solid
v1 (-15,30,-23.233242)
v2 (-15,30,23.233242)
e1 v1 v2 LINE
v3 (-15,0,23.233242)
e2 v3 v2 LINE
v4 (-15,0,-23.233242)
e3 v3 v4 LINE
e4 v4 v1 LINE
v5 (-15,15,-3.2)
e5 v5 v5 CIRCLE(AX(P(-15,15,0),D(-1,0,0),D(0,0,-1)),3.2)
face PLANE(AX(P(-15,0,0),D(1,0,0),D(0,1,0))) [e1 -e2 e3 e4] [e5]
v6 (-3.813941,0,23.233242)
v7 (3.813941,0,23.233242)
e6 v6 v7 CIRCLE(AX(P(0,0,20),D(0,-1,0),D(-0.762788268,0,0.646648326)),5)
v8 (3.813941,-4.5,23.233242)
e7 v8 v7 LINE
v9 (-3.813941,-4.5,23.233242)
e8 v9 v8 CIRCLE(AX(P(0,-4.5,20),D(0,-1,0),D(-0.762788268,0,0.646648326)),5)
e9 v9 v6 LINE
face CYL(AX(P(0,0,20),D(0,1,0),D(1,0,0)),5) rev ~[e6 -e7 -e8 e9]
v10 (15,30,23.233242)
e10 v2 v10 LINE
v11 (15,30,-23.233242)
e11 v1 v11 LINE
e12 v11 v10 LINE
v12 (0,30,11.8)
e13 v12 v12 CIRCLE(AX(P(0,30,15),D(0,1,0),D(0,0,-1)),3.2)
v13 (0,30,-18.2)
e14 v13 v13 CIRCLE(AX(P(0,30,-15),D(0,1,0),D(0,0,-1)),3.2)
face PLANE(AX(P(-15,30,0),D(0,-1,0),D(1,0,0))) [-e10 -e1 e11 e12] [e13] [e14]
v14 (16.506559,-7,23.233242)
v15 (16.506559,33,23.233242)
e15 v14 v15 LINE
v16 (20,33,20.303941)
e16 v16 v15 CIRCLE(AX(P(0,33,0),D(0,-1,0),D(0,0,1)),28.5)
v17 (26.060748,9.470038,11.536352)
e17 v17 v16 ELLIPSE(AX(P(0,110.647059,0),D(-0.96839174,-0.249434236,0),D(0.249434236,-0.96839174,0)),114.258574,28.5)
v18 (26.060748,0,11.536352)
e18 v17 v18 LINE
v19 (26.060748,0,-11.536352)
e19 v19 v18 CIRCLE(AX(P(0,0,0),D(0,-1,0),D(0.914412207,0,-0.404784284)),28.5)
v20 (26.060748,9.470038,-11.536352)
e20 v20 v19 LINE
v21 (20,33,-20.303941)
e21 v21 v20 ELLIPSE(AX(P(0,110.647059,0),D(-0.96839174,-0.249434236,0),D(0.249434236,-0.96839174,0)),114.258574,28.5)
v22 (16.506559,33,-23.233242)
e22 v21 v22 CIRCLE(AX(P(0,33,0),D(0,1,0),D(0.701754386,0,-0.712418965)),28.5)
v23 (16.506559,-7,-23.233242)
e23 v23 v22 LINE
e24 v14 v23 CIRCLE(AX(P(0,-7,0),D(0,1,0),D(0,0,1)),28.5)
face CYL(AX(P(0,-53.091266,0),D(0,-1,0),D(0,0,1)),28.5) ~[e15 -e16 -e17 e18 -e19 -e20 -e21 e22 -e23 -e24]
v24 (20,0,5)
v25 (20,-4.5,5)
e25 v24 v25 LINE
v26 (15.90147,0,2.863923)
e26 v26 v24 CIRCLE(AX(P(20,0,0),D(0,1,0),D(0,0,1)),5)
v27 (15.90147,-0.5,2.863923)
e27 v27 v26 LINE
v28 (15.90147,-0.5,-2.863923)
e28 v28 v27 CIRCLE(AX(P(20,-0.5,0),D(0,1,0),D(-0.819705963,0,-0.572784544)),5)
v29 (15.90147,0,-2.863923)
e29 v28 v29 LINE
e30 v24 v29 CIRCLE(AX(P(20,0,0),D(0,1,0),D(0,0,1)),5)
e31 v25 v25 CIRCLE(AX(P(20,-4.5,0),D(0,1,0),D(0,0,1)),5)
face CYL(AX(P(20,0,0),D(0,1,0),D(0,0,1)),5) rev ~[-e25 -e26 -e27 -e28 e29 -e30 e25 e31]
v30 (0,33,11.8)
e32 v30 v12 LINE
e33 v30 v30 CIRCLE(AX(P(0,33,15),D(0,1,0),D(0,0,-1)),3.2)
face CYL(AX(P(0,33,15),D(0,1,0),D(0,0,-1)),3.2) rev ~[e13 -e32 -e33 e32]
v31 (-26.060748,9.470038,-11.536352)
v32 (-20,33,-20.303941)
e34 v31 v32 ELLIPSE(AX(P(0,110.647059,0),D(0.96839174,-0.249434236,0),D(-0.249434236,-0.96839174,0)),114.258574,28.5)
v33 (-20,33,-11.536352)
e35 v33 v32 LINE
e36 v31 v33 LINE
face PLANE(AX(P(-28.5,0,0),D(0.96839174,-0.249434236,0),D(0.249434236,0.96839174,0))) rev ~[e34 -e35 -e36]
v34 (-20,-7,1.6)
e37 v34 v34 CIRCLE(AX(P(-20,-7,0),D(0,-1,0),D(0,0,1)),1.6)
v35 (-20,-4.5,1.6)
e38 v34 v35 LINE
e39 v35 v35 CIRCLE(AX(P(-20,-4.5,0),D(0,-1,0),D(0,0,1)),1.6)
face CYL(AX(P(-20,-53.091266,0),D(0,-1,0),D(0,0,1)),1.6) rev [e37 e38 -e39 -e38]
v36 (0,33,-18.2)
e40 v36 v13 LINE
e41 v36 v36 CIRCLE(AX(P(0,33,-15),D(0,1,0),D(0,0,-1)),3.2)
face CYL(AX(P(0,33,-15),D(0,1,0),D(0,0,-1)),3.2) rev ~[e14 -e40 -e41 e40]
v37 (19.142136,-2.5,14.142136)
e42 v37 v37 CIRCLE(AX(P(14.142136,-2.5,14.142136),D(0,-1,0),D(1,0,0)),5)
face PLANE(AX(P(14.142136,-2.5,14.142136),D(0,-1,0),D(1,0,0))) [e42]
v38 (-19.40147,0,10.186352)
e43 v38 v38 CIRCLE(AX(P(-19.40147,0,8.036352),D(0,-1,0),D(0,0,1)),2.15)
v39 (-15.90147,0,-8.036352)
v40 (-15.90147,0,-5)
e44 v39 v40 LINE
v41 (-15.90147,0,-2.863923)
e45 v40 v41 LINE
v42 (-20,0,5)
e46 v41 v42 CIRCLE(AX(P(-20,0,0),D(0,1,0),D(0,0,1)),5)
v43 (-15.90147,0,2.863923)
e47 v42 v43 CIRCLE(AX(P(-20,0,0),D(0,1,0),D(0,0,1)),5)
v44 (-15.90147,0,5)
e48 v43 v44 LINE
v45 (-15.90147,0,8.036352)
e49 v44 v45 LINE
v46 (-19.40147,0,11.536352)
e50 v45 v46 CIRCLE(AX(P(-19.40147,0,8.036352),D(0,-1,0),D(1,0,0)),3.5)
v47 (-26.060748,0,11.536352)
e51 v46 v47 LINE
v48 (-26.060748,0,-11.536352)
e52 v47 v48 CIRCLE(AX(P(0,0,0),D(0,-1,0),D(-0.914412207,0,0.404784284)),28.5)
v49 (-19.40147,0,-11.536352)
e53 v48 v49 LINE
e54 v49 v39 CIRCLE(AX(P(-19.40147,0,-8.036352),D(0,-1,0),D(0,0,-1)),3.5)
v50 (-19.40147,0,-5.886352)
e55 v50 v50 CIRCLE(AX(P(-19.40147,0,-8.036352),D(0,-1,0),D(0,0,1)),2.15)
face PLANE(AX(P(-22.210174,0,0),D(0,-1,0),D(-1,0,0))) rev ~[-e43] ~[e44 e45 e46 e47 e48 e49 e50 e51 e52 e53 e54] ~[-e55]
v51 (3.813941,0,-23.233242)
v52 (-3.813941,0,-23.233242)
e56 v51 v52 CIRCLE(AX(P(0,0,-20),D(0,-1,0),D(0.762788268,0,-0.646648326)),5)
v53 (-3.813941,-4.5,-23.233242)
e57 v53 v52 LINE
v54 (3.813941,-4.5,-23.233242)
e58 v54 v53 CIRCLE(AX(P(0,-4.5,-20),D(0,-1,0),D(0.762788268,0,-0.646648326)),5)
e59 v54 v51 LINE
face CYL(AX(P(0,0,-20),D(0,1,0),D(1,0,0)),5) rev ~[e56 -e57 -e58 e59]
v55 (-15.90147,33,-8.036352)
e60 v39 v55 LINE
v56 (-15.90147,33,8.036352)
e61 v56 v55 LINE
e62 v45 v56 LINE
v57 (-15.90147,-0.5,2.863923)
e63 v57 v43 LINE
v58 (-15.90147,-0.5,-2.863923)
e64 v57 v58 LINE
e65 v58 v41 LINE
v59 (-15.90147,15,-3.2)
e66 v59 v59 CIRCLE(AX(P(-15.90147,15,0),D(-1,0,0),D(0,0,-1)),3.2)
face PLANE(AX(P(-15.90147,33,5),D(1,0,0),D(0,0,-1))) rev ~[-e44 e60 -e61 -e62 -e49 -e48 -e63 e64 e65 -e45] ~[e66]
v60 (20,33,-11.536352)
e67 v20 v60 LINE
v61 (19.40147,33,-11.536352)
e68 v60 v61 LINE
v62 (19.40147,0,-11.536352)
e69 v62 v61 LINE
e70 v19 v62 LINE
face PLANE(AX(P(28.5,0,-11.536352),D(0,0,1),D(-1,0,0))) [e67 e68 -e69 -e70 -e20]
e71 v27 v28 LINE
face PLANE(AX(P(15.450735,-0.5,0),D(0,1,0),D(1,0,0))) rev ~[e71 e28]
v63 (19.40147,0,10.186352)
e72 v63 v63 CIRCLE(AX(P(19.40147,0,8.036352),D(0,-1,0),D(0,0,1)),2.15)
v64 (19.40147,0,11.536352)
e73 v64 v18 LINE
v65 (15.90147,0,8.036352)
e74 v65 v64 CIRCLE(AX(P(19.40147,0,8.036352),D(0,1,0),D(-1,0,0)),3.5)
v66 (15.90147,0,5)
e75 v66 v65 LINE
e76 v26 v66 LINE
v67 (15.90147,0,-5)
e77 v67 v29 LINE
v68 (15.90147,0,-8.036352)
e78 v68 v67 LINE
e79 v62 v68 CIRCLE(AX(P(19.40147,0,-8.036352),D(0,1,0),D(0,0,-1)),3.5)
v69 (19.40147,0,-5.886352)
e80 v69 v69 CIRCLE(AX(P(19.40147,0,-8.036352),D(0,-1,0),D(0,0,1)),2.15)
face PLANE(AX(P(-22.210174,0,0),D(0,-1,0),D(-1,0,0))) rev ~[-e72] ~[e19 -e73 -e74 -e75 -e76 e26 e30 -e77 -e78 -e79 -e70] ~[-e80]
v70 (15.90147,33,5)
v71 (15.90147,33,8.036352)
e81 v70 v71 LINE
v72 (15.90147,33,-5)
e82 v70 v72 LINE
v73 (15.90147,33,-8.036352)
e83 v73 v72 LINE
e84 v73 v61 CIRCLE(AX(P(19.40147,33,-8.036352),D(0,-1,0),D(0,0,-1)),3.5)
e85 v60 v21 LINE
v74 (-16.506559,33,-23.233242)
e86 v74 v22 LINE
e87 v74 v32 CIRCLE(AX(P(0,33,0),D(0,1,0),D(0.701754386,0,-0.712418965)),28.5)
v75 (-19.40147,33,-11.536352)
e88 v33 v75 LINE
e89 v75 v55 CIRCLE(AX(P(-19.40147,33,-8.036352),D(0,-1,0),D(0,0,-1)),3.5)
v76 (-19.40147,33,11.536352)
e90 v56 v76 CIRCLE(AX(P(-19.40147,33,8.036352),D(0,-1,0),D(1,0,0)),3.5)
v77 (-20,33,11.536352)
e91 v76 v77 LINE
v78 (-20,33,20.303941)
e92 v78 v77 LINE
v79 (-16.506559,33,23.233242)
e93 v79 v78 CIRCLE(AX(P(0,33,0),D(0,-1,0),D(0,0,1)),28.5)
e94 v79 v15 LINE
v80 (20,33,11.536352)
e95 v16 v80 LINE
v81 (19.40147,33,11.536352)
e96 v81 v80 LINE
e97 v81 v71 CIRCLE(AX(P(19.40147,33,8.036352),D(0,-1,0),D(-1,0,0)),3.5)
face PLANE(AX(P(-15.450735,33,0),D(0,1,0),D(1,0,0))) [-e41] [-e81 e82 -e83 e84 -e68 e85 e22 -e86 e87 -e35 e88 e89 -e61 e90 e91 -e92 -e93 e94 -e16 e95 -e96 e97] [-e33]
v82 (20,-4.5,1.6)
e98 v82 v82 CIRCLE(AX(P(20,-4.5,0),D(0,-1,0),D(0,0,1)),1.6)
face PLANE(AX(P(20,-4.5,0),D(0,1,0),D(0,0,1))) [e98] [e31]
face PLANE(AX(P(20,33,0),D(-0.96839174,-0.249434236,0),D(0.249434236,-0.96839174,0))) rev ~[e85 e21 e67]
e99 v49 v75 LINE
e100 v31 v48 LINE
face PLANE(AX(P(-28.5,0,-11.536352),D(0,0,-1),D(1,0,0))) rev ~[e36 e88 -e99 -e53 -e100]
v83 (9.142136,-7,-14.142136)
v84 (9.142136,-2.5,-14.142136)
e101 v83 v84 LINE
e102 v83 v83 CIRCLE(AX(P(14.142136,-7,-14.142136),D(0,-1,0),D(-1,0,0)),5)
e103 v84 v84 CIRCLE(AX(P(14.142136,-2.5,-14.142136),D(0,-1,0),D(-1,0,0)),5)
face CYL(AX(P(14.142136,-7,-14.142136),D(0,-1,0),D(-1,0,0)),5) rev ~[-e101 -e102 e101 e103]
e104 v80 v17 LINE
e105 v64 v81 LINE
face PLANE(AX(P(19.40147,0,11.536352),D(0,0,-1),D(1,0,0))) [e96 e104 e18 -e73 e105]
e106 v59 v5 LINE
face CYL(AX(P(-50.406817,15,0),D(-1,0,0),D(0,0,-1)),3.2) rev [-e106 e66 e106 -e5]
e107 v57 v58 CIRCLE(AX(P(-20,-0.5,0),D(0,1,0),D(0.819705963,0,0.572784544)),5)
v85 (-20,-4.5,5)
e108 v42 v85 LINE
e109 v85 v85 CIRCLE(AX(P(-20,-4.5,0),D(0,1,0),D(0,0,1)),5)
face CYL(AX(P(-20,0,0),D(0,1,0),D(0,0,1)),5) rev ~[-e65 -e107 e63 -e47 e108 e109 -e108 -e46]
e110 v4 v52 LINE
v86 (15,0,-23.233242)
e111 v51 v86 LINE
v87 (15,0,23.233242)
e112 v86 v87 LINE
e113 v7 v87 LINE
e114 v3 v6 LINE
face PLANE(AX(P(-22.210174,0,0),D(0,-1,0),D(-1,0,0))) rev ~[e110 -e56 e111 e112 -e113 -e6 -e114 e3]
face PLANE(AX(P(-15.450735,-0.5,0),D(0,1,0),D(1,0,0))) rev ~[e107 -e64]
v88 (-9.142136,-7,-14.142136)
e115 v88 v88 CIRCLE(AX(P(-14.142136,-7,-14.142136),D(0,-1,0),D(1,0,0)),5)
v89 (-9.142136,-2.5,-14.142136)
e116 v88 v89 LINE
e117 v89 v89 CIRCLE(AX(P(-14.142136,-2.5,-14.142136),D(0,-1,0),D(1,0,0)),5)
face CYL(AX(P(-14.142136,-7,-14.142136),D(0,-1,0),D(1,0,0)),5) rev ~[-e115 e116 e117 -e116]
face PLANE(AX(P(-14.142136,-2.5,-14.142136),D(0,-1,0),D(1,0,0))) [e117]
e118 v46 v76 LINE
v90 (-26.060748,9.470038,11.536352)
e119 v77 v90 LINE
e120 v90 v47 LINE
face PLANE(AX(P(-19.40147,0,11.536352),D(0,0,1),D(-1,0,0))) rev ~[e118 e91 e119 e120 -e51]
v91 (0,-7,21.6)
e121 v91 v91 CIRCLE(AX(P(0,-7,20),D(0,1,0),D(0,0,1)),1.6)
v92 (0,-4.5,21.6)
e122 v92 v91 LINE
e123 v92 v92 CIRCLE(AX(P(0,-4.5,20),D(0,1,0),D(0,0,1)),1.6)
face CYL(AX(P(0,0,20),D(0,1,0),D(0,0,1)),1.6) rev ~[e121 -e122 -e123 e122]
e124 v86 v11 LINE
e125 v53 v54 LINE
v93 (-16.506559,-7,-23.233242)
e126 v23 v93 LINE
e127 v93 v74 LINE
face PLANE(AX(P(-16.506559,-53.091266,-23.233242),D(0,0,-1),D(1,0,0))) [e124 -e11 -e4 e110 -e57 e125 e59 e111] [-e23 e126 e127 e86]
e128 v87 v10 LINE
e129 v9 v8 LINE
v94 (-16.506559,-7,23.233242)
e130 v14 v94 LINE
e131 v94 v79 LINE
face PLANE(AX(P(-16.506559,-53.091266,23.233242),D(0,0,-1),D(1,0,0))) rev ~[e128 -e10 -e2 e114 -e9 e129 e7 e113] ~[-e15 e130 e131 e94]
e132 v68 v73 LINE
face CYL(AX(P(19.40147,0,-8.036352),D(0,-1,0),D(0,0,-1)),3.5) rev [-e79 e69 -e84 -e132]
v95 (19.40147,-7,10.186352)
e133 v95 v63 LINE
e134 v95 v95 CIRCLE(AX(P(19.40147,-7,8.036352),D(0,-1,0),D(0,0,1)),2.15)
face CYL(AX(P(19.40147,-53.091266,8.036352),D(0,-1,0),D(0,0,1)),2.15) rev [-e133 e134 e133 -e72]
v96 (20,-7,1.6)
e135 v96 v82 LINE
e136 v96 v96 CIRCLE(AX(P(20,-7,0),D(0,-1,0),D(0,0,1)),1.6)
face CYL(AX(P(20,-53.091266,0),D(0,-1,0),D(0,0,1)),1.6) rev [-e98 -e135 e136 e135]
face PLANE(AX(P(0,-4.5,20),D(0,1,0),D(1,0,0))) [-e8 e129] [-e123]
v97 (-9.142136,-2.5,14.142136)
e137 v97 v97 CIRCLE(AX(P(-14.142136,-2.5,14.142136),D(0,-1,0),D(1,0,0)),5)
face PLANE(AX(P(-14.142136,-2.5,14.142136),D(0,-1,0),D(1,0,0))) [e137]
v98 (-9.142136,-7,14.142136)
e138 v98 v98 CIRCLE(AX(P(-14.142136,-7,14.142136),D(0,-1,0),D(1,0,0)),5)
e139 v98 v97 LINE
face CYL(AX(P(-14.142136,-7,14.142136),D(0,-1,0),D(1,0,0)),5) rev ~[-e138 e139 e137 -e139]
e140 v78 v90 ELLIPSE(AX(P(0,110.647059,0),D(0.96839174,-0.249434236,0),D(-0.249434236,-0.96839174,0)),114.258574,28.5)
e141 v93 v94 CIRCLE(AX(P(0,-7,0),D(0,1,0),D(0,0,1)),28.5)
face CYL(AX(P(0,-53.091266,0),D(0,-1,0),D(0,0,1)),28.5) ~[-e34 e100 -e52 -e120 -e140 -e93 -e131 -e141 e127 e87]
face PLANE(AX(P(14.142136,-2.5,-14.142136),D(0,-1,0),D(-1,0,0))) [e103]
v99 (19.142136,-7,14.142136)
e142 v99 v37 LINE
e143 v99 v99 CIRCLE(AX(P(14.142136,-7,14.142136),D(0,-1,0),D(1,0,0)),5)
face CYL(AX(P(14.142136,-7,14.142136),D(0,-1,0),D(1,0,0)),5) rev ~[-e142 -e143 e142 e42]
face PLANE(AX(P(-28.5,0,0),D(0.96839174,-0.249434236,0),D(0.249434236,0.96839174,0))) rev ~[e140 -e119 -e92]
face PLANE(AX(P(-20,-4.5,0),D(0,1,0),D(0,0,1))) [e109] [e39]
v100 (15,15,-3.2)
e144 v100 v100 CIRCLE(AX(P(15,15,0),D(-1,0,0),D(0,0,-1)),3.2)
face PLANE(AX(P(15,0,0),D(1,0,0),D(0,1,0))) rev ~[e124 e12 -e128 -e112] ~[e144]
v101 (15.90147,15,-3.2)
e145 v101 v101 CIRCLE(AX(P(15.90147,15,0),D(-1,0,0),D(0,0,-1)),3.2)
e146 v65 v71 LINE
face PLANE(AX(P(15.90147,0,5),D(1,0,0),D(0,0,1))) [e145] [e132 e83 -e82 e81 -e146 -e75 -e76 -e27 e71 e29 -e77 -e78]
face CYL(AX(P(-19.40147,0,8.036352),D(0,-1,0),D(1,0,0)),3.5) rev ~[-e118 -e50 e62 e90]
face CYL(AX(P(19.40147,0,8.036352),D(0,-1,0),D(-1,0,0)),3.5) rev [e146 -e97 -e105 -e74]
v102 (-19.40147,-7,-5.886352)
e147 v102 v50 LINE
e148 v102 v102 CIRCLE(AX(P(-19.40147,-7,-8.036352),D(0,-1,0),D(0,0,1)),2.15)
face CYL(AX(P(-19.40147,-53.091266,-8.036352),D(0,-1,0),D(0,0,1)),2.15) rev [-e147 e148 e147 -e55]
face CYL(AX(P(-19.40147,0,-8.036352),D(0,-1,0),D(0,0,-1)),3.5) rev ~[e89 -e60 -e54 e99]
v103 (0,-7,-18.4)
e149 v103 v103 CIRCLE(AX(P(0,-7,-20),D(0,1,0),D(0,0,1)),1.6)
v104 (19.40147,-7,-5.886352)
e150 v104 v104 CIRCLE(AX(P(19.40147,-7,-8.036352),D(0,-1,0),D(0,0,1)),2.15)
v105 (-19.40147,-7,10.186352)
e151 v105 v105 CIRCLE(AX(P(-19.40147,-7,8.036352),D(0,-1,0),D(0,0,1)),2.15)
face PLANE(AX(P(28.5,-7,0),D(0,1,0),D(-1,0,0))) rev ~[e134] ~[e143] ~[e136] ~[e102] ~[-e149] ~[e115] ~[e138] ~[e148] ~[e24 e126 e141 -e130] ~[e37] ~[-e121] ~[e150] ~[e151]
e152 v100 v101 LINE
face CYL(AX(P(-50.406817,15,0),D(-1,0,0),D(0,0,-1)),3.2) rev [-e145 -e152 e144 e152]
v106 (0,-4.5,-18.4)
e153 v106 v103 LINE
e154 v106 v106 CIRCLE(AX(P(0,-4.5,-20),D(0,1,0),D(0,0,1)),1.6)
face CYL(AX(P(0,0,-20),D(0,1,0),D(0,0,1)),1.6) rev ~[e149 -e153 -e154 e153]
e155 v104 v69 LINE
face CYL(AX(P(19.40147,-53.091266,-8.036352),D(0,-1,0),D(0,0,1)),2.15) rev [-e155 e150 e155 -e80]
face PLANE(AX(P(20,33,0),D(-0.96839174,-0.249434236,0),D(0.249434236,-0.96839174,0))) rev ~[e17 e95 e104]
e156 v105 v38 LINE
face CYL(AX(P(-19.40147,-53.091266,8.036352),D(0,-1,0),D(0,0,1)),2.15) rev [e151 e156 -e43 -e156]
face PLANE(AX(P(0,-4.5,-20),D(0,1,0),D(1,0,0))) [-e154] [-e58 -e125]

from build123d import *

# Parameters (mm, degrees)
SKETCH1_W                       = 30
SKETCH1_H                       = 30
BOSS_EXTRUDE1_DEPTH             = 28.5
CUT_EXTRUDE1_DEPTH              = 53.091266063
CUT_EXTRUDE1_DEPTH_BACK         = 53.091266063
SKETCH3_R                       = 2.15
SKETCH3_R_2                     = 1.6
CUT_EXTRUDE2_DEPTH              = 53.091266063
CUT_EXTRUDE3_DEPTH              = 53.091266063
CUT_EXTRUDE3_DEPTH_BACK         = 53.091266063
SKETCH5_OUTSIDE_W               = 76.998
SKETCH5_OUTSIDE_H               = 76.998
SKETCH5_OUTSIDE_R               = 28.5
CUT_EXTRUDE4_DEPTH              = 53.091266063
CUT_EXTRUDE4_DEPTH_BACK         = 53.091266063
SKETCH7_R                       = 5
CUT_EXTRUDE5_DEPTH              = 4.5
SKETCH3_3_R                     = 1.6
CUT_EXTRUDE6_DEPTH              = 50.406816501
SKETCH8_R                       = 5
CUT_EXTRUDE7_DEPTH              = 4.5
SKETCH9_W                       = 0.901470183
SKETCH9_H                       = 10
BOSS_EXTRUDE2_DEPTH             = 33.5
CUT_EXTRUDE9_DEPTH              = 50.406816501
CUT_EXTRUDE9_DEPTH_BACK         = 50.406816501
SKETCH10_R                      = 3.2
CUT_EXTRUDE10_REACH             = 56.333
SKETCH11_R                      = 3.2
CUT_EXTRUDE10_DIRECTION_2_DEPTH = 55.33261927


with BuildPart() as part:
    # Sketch1 → Boss-Extrude1 (new, symmetric)
    with BuildSketch(Plane.XY):
        Polygon((-28.5, 0), (-20, 33), (20, 33), (28.5, 0), (28.5, -7), (-28.5, -7), align=None)
        with Locations((0, 15)):
            Rectangle(SKETCH1_W, SKETCH1_H, mode=Mode.SUBTRACT)
    extrude(amount=BOSS_EXTRUDE1_DEPTH, both=True)

    # Sketch3 → Cut-Extrude1 (cut, two sides: drawn at the far end of the back side and taken through both)
    with BuildSketch(Plane(origin=(0, 0, 0), x_dir=(1, 0, 0), z_dir=(0, 1, 0)).offset(-CUT_EXTRUDE1_DEPTH_BACK)):
        with Locations(Location((-19.401470183, 8.03635208, 0), (0, 0, 270))):
            Circle(SKETCH3_R)
        with Locations(Location((-20, 0, 0), (0, 0, 270))):
            Circle(SKETCH3_R_2)
        with Locations(Location((19.401470183, 8.03635208, 0), (0, 0, 270))):
            Circle(SKETCH3_R)
        with Locations(Location((20, 0, 0), (0, 0, 270))):
            Circle(SKETCH3_R_2)
        with Locations(Location((19.401470183, -8.03635208, 0), (0, 0, 270))):
            Circle(SKETCH3_R)
        with Locations(Location((-19.401470183, -8.03635208, 0), (0, 0, 270))):
            Circle(SKETCH3_R)
    extrude(amount=CUT_EXTRUDE1_DEPTH + CUT_EXTRUDE1_DEPTH_BACK, mode=Mode.SUBTRACT)

    # Sketch4 → Cut-Extrude2 (cut, through all)
    with BuildSketch(Plane(origin=(0, 0, 0), x_dir=(1, 0, 0), z_dir=(0, 1, 0))):
        with BuildLine():
            Line((28.5, 11.53635208), (19.401470183, 11.53635208))
            ThreePointArc((19.401470183, 11.53635208), (16.926596449, 10.511225814), (15.901470183, 8.03635208))
            Line((15.901470183, 8.03635208), (15.901470183, 5))
            Line((15.901470183, 5), (15, 5))
            Line((15, 5), (15, -5))
            Line((15, -5), (15.901470183, -5))
            Line((15.901470183, -5), (15.901470183, -8.03635208))
            ThreePointArc((15.901470183, -8.03635208), (16.926596449, -10.511225814), (19.401470183, -11.53635208))
            Line((19.401470183, -11.53635208), (28.5, -11.53635208))
            Line((28.5, -11.53635208), (28.5, 11.53635208))
        make_face()
        with BuildLine():
            Line((-15.901470183, -5), (-15.901470183, -8.03635208))
            ThreePointArc((-15.901470183, -8.03635208), (-16.926596449, -10.511225814), (-19.401470183, -11.53635208))
            Line((-19.401470183, -11.53635208), (-28.5, -11.53635208))
            Line((-28.5, -11.53635208), (-28.5, 11.53635208))
            Line((-28.5, 11.53635208), (-19.401470183, 11.53635208))
            ThreePointArc((-19.401470183, 11.53635208), (-16.926596449, 10.511225814), (-15.901470183, 8.03635208))
            Line((-15.901470183, 8.03635208), (-15.901470183, 5))
            Line((-15.901470183, 5), (-15, 5))
            Line((-15, 5), (-15, -5))
            Line((-15, -5), (-15.901470183, -5))
        make_face()
    extrude(amount=CUT_EXTRUDE2_DEPTH, mode=Mode.SUBTRACT)

    # Sketch5 outside → Cut-Extrude3 (cut, two sides: drawn at the far end of the back side and taken through both)
    with BuildSketch(Plane(origin=(0, 0, 0), x_dir=(1, 0, 0), z_dir=(0, 1, 0)).offset(-CUT_EXTRUDE3_DEPTH_BACK)):
        Rectangle(SKETCH5_OUTSIDE_W, SKETCH5_OUTSIDE_H)
        with Locations(Location((0, 0, 0), (0, 0, 270))):
            Circle(SKETCH5_OUTSIDE_R, mode=Mode.SUBTRACT)
    extrude(amount=CUT_EXTRUDE3_DEPTH + CUT_EXTRUDE3_DEPTH_BACK, mode=Mode.SUBTRACT)

    # Sketch6 → Cut-Extrude4 (cut, two sides: drawn at the far end of the back side and taken through both)
    with BuildSketch(Plane(origin=(0, 0, 0), x_dir=(1, 0, 0), z_dir=(0, 1, 0)).offset(-CUT_EXTRUDE4_DEPTH_BACK)):
        with BuildLine():
            Line((-16.506558795, -23.233241632), (16.506558795, -23.233241632))
            ThreePointArc((16.506558795, -23.233241632), (0, -28.5), (-16.506558795, -23.233241632))
        make_face()
        with BuildLine():
            Line((-16.506558795, 23.233241632), (16.506558795, 23.233241632))
            ThreePointArc((16.506558795, 23.233241632), (0, 28.5), (-16.506558795, 23.233241632))
        make_face()
    extrude(amount=CUT_EXTRUDE4_DEPTH + CUT_EXTRUDE4_DEPTH_BACK, mode=Mode.SUBTRACT)

    # Sketch7 → Cut-Extrude5 (cut)
    with BuildSketch(Plane.XZ.offset(7)):
        with Locations((-14.142135624, 14.142135624)):
            Circle(SKETCH7_R)
        with Locations(Location((14.142135624, -14.142135624, 0), (0, 0, 180))):
            Circle(SKETCH7_R)
        with Locations((-14.142135624, -14.142135624)):
            Circle(SKETCH7_R)
        with Locations((14.142135624, 14.142135624)):
            Circle(SKETCH7_R)
    extrude(amount=-CUT_EXTRUDE5_DEPTH, mode=Mode.SUBTRACT)

    # Sketch3<3> → Cut-Extrude6 (cut, through all)
    with BuildSketch(Plane(origin=(0, 0, 0), x_dir=(1, 0, 0), z_dir=(0, 1, 0))):
        with Locations(Location((0, 20, 0), (0, 0, 270))):
            Circle(SKETCH3_3_R)
        with Locations(Location((0, -20, 0), (0, 0, 270))):
            Circle(SKETCH3_3_R)
    extrude(amount=-CUT_EXTRUDE6_DEPTH, mode=Mode.SUBTRACT)

    # Sketch8 → Cut-Extrude7 (cut)
    with BuildSketch(Plane(origin=(0, 0, 0), x_dir=(1, 0, 0), z_dir=(0, 1, 0))):
        with Locations((0, -20)):
            Circle(SKETCH8_R)
        with Locations((0, 20)):
            Circle(SKETCH8_R)
        with Locations(Location((-20, 0, 0), (0, 0, 270))):
            Circle(SKETCH8_R)
        with Locations(Location((20, 0, 0), (0, 0, 270))):
            Circle(SKETCH8_R)
    extrude(amount=-CUT_EXTRUDE7_DEPTH, mode=Mode.SUBTRACT)

    # Sketch9 → Boss-Extrude2 (add)
    with BuildSketch(Plane(origin=(0, 33, 0), x_dir=(1, 0, 0), z_dir=(0, 1, 0))):
        with Locations((-15.450735092, 0)):
            Rectangle(SKETCH9_W, SKETCH9_H)
        with Locations((15.450735092, 0)):
            Rectangle(SKETCH9_W, SKETCH9_H)
    extrude(amount=-BOSS_EXTRUDE2_DEPTH)

    # Sketch10 → Cut-Extrude9 (cut, two sides: drawn at the far end of the back side and taken through both)
    with BuildSketch(Plane(origin=(0, 0, 0), x_dir=(0, 0, -1), z_dir=(1, 0, 0)).offset(-CUT_EXTRUDE9_DEPTH_BACK)):
        with Locations((0, 15)):
            Circle(SKETCH10_R)
    extrude(amount=CUT_EXTRUDE9_DEPTH + CUT_EXTRUDE9_DEPTH_BACK, mode=Mode.SUBTRACT)

    # Sketch11 → Cut-Extrude10 (cut, up to next)
    with BuildSketch(Plane(origin=(0, 33, 0), x_dir=(1, 0, 0), z_dir=(0, 1, 0)), mode=Mode.PRIVATE) as cut_extrude10_sk1:
        with Locations(Location((0, 15, 0), (0, 0, 90))):
            Circle(SKETCH11_R)
    cut_extrude10_tool1 = extrude(cut_extrude10_sk1.sketch, amount=-CUT_EXTRUDE10_REACH, mode=Mode.PRIVATE) & part.part
    # Sketch11 → Cut-Extrude10 (cut, up to next)
    with BuildSketch(Plane(origin=(0, 33, 0), x_dir=(1, 0, 0), z_dir=(0, 1, 0)), mode=Mode.PRIVATE) as cut_extrude10_sk2:
        with Locations(Location((0, -15, 0), (0, 0, 90))):
            Circle(SKETCH11_R)
    cut_extrude10_tool2 = extrude(cut_extrude10_sk2.sketch, amount=-CUT_EXTRUDE10_REACH, mode=Mode.PRIVATE) & part.part
    add(cut_extrude10_tool1.solids().sort_by_distance((0, 33, -15))[0], mode=Mode.SUBTRACT)
    add(cut_extrude10_tool2.solids().sort_by_distance((0, 33, 15))[0], mode=Mode.SUBTRACT)

    # Sketch11 → Cut-Extrude10 direction 2 (cut)
    with BuildSketch(Plane(origin=(0, 33, 0), x_dir=(1, 0, 0), z_dir=(0, 1, 0))):
        with Locations(Location((0, 15, 0), (0, 0, 90))):
            Circle(SKETCH11_R)
        with Locations(Location((0, -15, 0), (0, 0, 90))):
            Circle(SKETCH11_R)
    extrude(amount=CUT_EXTRUDE10_DIRECTION_2_DEPTH, mode=Mode.SUBTRACT)


solid = part.part
